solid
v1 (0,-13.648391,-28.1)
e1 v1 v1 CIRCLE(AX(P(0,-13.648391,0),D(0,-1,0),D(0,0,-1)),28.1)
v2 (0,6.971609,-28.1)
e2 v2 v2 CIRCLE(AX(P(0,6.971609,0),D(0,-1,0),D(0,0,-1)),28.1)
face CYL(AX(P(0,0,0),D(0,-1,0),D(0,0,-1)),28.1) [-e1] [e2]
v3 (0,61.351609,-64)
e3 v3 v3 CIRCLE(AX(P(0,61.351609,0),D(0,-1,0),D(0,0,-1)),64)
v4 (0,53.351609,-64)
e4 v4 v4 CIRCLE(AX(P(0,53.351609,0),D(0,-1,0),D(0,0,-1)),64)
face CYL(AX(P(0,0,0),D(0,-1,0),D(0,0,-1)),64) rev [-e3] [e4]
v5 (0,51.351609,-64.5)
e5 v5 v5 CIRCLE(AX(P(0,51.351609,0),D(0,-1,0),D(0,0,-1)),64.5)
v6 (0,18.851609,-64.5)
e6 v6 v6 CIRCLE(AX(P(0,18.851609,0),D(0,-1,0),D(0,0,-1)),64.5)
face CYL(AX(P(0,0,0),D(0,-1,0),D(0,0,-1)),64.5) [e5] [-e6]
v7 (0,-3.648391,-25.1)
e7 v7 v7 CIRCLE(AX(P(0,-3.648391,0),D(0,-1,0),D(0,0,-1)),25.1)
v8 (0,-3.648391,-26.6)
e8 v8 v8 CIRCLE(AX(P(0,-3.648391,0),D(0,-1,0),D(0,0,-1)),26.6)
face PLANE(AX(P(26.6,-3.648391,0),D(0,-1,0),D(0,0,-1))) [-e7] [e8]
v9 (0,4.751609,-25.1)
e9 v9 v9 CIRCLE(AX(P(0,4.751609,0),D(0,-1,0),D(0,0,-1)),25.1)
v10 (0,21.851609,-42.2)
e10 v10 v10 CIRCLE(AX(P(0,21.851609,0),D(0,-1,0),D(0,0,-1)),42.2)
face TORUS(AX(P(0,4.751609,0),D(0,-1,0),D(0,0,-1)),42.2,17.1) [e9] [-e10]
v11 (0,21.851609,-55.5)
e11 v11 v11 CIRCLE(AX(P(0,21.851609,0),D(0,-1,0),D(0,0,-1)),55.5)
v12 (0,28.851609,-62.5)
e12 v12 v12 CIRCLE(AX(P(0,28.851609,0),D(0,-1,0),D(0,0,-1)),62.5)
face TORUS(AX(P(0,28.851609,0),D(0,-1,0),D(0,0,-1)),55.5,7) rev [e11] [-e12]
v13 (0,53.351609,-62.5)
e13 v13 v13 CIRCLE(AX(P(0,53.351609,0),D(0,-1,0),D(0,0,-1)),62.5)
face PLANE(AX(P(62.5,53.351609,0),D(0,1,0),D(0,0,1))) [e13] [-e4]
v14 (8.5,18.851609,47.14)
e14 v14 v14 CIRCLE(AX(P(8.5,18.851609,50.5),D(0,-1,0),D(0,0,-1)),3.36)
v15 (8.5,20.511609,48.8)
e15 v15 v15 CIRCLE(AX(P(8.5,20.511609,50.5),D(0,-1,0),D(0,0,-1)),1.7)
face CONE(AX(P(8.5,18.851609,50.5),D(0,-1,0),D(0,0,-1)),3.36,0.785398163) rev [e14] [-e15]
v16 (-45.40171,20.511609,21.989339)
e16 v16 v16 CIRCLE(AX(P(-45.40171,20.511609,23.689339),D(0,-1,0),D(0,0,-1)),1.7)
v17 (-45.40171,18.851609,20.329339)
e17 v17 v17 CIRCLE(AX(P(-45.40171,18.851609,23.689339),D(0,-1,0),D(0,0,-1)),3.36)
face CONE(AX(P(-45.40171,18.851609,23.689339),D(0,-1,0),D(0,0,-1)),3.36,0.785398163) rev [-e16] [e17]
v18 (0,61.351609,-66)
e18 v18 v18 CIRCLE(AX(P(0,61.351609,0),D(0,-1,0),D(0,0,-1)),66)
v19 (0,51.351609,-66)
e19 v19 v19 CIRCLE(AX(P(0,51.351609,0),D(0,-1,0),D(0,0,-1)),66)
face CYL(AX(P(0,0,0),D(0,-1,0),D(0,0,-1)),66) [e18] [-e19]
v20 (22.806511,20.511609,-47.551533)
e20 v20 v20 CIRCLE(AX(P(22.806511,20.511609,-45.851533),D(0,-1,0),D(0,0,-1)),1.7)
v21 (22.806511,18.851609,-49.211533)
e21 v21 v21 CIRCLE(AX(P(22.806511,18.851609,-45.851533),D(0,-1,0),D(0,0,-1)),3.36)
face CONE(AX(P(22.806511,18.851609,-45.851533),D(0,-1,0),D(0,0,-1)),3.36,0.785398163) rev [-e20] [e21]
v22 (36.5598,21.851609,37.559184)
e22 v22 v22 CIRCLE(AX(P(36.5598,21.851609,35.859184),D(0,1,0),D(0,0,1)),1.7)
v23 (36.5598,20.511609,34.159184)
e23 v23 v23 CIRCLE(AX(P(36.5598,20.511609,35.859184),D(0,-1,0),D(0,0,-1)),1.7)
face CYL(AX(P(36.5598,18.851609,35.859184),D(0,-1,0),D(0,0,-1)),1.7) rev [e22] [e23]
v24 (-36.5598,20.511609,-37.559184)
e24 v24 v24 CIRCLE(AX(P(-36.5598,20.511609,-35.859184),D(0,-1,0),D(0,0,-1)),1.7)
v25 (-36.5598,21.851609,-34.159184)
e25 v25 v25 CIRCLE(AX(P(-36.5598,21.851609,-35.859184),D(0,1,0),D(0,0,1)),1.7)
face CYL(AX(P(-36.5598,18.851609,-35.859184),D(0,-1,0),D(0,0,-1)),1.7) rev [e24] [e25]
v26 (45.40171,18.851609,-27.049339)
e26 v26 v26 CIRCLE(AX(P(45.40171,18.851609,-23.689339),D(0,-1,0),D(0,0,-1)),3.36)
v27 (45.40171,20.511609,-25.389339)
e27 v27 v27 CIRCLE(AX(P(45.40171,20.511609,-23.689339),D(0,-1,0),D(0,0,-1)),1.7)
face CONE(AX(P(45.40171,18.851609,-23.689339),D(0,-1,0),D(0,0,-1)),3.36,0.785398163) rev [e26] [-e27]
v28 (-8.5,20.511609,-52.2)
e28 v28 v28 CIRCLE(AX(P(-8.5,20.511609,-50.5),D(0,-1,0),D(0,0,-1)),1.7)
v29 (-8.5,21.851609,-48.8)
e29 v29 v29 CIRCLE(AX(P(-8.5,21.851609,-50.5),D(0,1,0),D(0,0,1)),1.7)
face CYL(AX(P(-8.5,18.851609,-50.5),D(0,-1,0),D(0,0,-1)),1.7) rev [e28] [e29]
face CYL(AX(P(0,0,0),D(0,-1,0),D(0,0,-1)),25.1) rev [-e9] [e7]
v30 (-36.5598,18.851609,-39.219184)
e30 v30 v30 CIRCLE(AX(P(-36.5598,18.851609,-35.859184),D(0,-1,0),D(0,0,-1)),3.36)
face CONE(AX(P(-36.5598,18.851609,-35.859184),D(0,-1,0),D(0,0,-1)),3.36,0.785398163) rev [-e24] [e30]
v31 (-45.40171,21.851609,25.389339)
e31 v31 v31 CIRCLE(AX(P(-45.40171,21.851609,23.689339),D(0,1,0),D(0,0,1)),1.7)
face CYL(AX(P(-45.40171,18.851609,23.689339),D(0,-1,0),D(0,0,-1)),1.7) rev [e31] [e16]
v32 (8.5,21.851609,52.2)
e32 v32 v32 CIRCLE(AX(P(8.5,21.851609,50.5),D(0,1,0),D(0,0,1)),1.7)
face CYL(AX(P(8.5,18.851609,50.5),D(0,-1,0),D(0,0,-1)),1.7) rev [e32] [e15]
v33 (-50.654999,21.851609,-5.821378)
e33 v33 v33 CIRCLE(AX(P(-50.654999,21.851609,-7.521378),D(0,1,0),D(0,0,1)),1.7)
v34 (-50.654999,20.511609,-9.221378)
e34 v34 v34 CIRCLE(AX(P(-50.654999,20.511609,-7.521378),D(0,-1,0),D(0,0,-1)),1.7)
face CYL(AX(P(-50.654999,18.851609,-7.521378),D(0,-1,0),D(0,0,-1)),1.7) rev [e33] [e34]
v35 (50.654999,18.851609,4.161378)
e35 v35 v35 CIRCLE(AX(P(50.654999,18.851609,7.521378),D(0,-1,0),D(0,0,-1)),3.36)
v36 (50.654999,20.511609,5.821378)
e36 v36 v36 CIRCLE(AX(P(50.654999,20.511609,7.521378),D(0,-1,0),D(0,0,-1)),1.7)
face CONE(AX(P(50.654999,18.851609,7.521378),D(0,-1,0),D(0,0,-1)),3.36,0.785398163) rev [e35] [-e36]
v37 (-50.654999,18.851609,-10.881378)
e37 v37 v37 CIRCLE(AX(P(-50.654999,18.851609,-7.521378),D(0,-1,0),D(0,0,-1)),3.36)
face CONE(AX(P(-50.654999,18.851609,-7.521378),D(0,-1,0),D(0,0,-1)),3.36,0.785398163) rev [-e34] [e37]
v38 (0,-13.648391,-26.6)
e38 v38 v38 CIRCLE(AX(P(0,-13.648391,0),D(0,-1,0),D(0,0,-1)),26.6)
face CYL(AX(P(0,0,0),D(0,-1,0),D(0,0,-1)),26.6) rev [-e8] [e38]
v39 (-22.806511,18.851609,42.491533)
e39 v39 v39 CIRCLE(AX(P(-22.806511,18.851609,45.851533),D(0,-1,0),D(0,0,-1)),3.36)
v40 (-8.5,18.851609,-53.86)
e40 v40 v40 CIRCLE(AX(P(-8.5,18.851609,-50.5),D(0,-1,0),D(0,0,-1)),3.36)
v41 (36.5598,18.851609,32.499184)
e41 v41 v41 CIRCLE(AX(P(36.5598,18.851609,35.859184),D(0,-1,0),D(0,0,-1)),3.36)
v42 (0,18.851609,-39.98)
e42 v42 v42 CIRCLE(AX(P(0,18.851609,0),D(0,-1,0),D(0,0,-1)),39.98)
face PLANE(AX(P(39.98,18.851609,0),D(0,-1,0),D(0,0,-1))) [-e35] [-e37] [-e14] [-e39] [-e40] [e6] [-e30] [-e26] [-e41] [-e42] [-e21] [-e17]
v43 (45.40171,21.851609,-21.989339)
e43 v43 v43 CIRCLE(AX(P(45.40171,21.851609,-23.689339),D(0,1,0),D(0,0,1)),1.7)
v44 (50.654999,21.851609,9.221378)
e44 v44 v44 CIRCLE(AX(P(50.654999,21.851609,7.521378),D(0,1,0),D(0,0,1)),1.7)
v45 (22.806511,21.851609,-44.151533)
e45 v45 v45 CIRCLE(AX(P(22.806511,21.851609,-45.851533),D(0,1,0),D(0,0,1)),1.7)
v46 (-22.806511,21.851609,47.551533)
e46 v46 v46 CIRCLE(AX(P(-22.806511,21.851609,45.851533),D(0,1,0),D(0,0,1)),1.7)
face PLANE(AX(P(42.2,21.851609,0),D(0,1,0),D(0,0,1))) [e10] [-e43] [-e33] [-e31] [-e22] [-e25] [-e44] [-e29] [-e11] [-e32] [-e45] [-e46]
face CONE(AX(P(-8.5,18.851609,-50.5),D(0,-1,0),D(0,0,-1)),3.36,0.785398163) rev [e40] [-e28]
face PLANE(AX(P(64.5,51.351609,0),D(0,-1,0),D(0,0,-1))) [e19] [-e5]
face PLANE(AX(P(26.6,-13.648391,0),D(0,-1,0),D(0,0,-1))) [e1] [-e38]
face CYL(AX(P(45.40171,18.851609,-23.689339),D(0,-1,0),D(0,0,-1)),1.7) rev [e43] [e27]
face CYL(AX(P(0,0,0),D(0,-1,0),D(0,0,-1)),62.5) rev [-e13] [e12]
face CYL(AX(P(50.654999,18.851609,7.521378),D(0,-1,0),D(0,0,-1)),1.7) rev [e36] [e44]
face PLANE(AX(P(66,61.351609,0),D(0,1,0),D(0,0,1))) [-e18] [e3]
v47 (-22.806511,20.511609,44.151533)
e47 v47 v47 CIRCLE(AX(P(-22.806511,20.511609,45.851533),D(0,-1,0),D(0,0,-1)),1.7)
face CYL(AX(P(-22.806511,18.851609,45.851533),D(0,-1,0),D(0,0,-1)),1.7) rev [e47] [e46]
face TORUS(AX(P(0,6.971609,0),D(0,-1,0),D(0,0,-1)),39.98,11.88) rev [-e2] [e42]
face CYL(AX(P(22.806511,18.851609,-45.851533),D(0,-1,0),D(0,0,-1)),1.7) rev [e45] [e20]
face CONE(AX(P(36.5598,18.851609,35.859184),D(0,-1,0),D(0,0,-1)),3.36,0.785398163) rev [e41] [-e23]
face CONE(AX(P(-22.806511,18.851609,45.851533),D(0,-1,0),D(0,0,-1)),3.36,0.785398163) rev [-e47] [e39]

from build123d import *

# Parameters (mm, degrees)
M3_SFHCS_IN_HAV_A1_D           = 3.4
M3_SFHCS_IN_HAV_A1_CSINK_D     = 6.72
M3_SFHCS_IN_HAV_A1_CSINK_ANGLE = 90
DAIRESEL_KAPLAMA1_COUNT        = 10


with BuildPart() as part:
    # Çizim1 → Döndür2 (revolve)
    with BuildSketch(Plane.XY, mode=Mode.PRIVATE) as d_nd_r2_sk:
        with BuildLine():
            Line((26.6, -13.648391358), (26.6, -3.648391358))
            Line((26.6, -3.648391358), (25.1, -3.648391358))
            Line((25.1, -3.648391358), (25.1, 4.751608642))
            ThreePointArc((25.1, 4.751608642), (30.108474042, 16.843134601), (42.2, 21.851608642))
            Line((42.2, 21.851608642), (55.5, 21.851608642))
            ThreePointArc((55.5, 21.851608642), (60.449747468, 23.901861174), (62.5, 28.851608642))
            Line((62.5, 28.851608642), (62.5, 53.351608642))
            Line((62.5, 53.351608642), (64, 53.351608642))
            Line((64, 53.351608642), (64, 61.351608642))
            Line((64, 61.351608642), (66, 61.351608642))
            Line((66, 61.351608642), (66, 51.351608642))
            Line((66, 51.351608642), (64.5, 51.351608642))
            Line((64.5, 51.351608642), (64.5, 18.851608642))
            Line((64.5, 18.851608642), (39.98, 18.851608642))
            ThreePointArc((39.98, 18.851608642), (31.57957144, 15.372037203), (28.1, 6.971608642))
            Line((28.1, 6.971608642), (28.1, -13.648391358))
            Line((28.1, -13.648391358), (26.6, -13.648391358))
        make_face()
    revolve(d_nd_r2_sk.sketch.rotate(Axis((0, 0, 0), (0, 1, 0)), 90), axis=Axis((0, 0, 0), (0, 1, 0)))

    # M3 SFHCS İçin Havşa1 (through all)
    with Locations(Plane(origin=(8.5, 18.851608642, 50.5), x_dir=(0, 0, -1), z_dir=(0, -1, 0))):
        with Locations((0, 0)):
            m3_sfhcs_in_hav_a1 = CounterSinkHole(M3_SFHCS_IN_HAV_A1_D / 2, M3_SFHCS_IN_HAV_A1_CSINK_D / 2, counter_sink_angle=M3_SFHCS_IN_HAV_A1_CSINK_ANGLE)

    # Dairesel Kaplama1: M3 SFHCS İçin Havşa1 ×10 about axis
    dairesel_kaplama1_axis = Axis((0, 0, 0), (0, 1, 0))
    for i in range(1, DAIRESEL_KAPLAMA1_COUNT):
        add(m3_sfhcs_in_hav_a1.rotate(dairesel_kaplama1_axis, i * 360 / DAIRESEL_KAPLAMA1_COUNT), mode=Mode.SUBTRACT)


solid = part.part
